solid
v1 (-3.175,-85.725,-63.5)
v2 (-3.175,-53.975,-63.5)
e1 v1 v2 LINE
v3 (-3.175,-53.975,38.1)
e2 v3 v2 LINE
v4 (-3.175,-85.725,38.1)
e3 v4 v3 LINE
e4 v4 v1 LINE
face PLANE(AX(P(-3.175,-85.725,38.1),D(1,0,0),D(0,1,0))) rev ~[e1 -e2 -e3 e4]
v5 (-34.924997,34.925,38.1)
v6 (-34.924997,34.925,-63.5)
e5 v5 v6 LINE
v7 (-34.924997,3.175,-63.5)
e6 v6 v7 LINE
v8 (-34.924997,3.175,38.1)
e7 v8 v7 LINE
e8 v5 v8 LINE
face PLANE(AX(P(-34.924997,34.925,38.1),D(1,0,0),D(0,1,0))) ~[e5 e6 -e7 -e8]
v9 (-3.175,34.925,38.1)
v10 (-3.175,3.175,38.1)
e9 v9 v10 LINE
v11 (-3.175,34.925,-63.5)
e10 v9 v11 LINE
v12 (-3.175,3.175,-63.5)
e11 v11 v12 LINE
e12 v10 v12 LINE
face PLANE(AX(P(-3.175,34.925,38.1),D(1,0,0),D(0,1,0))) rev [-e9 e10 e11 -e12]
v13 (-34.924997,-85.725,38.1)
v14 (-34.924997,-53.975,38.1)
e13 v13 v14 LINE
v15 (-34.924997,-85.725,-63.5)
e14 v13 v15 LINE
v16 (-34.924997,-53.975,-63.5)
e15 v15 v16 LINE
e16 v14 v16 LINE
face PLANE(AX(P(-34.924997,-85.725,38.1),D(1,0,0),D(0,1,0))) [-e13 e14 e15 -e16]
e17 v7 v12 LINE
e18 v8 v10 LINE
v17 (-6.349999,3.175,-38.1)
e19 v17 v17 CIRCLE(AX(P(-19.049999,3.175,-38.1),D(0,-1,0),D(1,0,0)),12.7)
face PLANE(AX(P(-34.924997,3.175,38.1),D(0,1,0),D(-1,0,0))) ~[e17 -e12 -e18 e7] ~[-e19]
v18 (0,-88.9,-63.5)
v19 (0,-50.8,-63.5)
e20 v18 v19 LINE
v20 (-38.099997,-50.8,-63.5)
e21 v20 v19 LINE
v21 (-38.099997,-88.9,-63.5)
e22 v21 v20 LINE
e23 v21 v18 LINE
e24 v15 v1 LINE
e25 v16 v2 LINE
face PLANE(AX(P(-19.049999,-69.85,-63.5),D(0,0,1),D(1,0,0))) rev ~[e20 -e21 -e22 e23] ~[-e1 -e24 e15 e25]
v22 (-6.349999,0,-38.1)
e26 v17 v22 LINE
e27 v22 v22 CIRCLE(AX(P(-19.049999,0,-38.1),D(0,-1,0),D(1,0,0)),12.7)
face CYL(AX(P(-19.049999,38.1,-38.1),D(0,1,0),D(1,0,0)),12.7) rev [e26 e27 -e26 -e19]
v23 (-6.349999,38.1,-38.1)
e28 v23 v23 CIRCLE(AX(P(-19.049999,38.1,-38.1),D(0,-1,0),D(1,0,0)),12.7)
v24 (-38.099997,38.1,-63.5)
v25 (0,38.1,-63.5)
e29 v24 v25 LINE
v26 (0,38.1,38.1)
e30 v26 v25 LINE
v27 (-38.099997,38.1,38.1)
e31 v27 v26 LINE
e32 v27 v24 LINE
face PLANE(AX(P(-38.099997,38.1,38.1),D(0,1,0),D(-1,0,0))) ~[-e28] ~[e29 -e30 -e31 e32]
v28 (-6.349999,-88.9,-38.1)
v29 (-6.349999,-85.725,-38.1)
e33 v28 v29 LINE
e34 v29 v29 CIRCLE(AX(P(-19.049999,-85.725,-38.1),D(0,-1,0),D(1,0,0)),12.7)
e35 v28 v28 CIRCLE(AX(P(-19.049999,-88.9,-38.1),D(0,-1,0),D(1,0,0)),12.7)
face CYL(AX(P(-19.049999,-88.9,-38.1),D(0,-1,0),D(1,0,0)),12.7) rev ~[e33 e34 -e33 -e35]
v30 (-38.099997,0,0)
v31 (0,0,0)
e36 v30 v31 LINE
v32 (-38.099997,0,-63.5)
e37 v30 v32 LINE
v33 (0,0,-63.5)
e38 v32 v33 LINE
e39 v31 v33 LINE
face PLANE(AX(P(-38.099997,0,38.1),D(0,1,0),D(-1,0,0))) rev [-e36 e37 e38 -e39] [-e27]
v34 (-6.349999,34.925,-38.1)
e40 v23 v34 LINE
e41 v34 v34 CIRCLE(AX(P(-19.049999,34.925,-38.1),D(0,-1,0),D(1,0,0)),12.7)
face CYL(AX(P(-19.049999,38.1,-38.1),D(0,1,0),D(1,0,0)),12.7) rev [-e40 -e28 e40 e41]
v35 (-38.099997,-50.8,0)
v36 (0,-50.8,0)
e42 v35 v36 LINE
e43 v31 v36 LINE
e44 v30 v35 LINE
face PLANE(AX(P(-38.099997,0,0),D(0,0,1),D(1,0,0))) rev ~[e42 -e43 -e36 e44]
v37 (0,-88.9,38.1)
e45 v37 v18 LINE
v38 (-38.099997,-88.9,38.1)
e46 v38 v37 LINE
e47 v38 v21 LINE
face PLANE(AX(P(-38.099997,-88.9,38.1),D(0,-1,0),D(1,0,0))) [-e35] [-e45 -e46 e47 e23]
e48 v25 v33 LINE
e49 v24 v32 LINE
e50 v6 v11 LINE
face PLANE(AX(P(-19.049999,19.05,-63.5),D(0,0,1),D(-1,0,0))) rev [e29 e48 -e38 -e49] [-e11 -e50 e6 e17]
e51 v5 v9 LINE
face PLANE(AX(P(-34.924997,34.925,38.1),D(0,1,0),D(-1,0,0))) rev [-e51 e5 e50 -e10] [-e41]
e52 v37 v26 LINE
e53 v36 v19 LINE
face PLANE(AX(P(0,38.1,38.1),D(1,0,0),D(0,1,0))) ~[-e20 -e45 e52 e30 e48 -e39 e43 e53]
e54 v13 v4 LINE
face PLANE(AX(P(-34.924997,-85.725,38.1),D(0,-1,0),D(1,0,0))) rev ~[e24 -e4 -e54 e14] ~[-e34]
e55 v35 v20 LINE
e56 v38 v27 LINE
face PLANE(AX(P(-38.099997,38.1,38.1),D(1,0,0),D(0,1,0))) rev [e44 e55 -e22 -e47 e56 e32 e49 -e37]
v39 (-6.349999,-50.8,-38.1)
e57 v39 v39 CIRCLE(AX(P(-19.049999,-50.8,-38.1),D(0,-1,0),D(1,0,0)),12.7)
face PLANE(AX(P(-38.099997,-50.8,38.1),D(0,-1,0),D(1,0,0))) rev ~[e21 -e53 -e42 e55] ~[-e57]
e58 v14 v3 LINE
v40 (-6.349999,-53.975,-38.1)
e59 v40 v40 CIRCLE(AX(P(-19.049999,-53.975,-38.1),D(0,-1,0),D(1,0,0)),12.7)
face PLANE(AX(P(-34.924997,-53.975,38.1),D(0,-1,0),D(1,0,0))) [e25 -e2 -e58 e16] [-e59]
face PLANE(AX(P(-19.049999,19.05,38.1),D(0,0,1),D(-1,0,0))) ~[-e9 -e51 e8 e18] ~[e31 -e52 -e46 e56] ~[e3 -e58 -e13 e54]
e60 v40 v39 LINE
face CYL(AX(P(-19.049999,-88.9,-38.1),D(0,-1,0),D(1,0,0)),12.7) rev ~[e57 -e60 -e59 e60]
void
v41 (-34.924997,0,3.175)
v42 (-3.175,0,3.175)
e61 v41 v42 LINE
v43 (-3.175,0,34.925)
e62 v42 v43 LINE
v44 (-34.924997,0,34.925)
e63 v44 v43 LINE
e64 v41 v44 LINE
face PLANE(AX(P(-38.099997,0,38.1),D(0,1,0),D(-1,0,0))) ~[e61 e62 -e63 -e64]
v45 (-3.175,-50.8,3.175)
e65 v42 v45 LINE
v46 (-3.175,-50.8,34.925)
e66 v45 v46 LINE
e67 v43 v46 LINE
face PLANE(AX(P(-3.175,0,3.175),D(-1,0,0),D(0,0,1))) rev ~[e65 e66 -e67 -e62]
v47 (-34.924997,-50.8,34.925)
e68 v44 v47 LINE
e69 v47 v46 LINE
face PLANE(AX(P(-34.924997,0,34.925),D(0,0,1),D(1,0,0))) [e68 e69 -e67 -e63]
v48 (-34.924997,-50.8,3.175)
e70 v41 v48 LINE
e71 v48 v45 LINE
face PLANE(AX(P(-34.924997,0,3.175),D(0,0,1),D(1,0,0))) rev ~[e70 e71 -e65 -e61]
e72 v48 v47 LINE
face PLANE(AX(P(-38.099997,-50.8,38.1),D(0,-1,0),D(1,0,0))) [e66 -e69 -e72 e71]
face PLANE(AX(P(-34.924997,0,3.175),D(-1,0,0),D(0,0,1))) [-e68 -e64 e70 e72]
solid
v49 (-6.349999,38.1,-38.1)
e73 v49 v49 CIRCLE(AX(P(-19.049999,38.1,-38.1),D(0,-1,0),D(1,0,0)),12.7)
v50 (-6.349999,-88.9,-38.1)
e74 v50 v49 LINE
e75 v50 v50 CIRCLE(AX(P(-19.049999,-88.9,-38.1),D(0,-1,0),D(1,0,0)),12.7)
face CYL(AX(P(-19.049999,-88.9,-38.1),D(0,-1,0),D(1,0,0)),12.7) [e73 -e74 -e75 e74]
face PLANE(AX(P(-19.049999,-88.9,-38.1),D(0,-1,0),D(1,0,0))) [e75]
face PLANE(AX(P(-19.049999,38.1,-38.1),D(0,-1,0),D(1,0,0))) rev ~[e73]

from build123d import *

# Parameters (mm, degrees)
F0_W     = 38.0999970647
F0_H     = 38.1
F0_W_2   = 31.7499970647
F0_H_2   = 31.75
F1_DEPTH = 50.8
F2_W     = 38.0999970647
F2_H     = 38.1
F2_W_2   = 31.7499970647
F2_H_2   = 31.75
F3_DEPTH = 101.6
F5_R     = 12.7
F6_DEPTH = 88.901
F8_R     = 12.7
F9_DEPTH = 127


with BuildPart() as f1:
    # F0 (on Front) → F1 (new body)
    with BuildSketch(Plane.XZ):
        with Locations((-19.0499985323, 19.05)):
            Rectangle(F0_W, F0_H)
        with Locations((-19.0499985323, 19.05)):
            Rectangle(F0_W_2, F0_H_2, mode=Mode.SUBTRACT)
    extrude(amount=F1_DEPTH)



with BuildPart() as f3:
    # F2 (on face) → F3 (new body)
    with BuildSketch(Plane.XY.offset(38.1)):
        with Locations((-19.0499985323, -69.85)):
            Rectangle(F2_W, F2_H)
        with Locations((-19.0499985323, -69.85)):
            Rectangle(F2_W_2, F2_H_2, mode=Mode.SUBTRACT)
    extrude(amount=-F3_DEPTH)

    # F5 (on face) → F6 (cut, through all)
    with BuildSketch(Plane.XZ.offset(88.9)):
        with Locations((-19.0499985323, -38.1)):
            Circle(F5_R)
    extrude(amount=-F6_DEPTH, mode=Mode.SUBTRACT)


with BuildPart() as f1_1:
    add(f1.part)

    add(f3.part)  # F7 merges F3
    # F7: F3 across plane
    add(f3.part.mirror(Plane(origin=(-19.0499985323, -25.4, 19.05), x_dir=(1, 0, 0), z_dir=(0, 1, 0))))


with BuildPart() as f9:
    # F8 (on face) → F9 (new body)
    with BuildSketch(Plane.XZ.offset(88.9)):
        with Locations((-19.0499985323, -38.1)):
            Circle(F8_R)
    extrude(amount=-F9_DEPTH)


solid = Compound([f1_1.part, f9.part])
